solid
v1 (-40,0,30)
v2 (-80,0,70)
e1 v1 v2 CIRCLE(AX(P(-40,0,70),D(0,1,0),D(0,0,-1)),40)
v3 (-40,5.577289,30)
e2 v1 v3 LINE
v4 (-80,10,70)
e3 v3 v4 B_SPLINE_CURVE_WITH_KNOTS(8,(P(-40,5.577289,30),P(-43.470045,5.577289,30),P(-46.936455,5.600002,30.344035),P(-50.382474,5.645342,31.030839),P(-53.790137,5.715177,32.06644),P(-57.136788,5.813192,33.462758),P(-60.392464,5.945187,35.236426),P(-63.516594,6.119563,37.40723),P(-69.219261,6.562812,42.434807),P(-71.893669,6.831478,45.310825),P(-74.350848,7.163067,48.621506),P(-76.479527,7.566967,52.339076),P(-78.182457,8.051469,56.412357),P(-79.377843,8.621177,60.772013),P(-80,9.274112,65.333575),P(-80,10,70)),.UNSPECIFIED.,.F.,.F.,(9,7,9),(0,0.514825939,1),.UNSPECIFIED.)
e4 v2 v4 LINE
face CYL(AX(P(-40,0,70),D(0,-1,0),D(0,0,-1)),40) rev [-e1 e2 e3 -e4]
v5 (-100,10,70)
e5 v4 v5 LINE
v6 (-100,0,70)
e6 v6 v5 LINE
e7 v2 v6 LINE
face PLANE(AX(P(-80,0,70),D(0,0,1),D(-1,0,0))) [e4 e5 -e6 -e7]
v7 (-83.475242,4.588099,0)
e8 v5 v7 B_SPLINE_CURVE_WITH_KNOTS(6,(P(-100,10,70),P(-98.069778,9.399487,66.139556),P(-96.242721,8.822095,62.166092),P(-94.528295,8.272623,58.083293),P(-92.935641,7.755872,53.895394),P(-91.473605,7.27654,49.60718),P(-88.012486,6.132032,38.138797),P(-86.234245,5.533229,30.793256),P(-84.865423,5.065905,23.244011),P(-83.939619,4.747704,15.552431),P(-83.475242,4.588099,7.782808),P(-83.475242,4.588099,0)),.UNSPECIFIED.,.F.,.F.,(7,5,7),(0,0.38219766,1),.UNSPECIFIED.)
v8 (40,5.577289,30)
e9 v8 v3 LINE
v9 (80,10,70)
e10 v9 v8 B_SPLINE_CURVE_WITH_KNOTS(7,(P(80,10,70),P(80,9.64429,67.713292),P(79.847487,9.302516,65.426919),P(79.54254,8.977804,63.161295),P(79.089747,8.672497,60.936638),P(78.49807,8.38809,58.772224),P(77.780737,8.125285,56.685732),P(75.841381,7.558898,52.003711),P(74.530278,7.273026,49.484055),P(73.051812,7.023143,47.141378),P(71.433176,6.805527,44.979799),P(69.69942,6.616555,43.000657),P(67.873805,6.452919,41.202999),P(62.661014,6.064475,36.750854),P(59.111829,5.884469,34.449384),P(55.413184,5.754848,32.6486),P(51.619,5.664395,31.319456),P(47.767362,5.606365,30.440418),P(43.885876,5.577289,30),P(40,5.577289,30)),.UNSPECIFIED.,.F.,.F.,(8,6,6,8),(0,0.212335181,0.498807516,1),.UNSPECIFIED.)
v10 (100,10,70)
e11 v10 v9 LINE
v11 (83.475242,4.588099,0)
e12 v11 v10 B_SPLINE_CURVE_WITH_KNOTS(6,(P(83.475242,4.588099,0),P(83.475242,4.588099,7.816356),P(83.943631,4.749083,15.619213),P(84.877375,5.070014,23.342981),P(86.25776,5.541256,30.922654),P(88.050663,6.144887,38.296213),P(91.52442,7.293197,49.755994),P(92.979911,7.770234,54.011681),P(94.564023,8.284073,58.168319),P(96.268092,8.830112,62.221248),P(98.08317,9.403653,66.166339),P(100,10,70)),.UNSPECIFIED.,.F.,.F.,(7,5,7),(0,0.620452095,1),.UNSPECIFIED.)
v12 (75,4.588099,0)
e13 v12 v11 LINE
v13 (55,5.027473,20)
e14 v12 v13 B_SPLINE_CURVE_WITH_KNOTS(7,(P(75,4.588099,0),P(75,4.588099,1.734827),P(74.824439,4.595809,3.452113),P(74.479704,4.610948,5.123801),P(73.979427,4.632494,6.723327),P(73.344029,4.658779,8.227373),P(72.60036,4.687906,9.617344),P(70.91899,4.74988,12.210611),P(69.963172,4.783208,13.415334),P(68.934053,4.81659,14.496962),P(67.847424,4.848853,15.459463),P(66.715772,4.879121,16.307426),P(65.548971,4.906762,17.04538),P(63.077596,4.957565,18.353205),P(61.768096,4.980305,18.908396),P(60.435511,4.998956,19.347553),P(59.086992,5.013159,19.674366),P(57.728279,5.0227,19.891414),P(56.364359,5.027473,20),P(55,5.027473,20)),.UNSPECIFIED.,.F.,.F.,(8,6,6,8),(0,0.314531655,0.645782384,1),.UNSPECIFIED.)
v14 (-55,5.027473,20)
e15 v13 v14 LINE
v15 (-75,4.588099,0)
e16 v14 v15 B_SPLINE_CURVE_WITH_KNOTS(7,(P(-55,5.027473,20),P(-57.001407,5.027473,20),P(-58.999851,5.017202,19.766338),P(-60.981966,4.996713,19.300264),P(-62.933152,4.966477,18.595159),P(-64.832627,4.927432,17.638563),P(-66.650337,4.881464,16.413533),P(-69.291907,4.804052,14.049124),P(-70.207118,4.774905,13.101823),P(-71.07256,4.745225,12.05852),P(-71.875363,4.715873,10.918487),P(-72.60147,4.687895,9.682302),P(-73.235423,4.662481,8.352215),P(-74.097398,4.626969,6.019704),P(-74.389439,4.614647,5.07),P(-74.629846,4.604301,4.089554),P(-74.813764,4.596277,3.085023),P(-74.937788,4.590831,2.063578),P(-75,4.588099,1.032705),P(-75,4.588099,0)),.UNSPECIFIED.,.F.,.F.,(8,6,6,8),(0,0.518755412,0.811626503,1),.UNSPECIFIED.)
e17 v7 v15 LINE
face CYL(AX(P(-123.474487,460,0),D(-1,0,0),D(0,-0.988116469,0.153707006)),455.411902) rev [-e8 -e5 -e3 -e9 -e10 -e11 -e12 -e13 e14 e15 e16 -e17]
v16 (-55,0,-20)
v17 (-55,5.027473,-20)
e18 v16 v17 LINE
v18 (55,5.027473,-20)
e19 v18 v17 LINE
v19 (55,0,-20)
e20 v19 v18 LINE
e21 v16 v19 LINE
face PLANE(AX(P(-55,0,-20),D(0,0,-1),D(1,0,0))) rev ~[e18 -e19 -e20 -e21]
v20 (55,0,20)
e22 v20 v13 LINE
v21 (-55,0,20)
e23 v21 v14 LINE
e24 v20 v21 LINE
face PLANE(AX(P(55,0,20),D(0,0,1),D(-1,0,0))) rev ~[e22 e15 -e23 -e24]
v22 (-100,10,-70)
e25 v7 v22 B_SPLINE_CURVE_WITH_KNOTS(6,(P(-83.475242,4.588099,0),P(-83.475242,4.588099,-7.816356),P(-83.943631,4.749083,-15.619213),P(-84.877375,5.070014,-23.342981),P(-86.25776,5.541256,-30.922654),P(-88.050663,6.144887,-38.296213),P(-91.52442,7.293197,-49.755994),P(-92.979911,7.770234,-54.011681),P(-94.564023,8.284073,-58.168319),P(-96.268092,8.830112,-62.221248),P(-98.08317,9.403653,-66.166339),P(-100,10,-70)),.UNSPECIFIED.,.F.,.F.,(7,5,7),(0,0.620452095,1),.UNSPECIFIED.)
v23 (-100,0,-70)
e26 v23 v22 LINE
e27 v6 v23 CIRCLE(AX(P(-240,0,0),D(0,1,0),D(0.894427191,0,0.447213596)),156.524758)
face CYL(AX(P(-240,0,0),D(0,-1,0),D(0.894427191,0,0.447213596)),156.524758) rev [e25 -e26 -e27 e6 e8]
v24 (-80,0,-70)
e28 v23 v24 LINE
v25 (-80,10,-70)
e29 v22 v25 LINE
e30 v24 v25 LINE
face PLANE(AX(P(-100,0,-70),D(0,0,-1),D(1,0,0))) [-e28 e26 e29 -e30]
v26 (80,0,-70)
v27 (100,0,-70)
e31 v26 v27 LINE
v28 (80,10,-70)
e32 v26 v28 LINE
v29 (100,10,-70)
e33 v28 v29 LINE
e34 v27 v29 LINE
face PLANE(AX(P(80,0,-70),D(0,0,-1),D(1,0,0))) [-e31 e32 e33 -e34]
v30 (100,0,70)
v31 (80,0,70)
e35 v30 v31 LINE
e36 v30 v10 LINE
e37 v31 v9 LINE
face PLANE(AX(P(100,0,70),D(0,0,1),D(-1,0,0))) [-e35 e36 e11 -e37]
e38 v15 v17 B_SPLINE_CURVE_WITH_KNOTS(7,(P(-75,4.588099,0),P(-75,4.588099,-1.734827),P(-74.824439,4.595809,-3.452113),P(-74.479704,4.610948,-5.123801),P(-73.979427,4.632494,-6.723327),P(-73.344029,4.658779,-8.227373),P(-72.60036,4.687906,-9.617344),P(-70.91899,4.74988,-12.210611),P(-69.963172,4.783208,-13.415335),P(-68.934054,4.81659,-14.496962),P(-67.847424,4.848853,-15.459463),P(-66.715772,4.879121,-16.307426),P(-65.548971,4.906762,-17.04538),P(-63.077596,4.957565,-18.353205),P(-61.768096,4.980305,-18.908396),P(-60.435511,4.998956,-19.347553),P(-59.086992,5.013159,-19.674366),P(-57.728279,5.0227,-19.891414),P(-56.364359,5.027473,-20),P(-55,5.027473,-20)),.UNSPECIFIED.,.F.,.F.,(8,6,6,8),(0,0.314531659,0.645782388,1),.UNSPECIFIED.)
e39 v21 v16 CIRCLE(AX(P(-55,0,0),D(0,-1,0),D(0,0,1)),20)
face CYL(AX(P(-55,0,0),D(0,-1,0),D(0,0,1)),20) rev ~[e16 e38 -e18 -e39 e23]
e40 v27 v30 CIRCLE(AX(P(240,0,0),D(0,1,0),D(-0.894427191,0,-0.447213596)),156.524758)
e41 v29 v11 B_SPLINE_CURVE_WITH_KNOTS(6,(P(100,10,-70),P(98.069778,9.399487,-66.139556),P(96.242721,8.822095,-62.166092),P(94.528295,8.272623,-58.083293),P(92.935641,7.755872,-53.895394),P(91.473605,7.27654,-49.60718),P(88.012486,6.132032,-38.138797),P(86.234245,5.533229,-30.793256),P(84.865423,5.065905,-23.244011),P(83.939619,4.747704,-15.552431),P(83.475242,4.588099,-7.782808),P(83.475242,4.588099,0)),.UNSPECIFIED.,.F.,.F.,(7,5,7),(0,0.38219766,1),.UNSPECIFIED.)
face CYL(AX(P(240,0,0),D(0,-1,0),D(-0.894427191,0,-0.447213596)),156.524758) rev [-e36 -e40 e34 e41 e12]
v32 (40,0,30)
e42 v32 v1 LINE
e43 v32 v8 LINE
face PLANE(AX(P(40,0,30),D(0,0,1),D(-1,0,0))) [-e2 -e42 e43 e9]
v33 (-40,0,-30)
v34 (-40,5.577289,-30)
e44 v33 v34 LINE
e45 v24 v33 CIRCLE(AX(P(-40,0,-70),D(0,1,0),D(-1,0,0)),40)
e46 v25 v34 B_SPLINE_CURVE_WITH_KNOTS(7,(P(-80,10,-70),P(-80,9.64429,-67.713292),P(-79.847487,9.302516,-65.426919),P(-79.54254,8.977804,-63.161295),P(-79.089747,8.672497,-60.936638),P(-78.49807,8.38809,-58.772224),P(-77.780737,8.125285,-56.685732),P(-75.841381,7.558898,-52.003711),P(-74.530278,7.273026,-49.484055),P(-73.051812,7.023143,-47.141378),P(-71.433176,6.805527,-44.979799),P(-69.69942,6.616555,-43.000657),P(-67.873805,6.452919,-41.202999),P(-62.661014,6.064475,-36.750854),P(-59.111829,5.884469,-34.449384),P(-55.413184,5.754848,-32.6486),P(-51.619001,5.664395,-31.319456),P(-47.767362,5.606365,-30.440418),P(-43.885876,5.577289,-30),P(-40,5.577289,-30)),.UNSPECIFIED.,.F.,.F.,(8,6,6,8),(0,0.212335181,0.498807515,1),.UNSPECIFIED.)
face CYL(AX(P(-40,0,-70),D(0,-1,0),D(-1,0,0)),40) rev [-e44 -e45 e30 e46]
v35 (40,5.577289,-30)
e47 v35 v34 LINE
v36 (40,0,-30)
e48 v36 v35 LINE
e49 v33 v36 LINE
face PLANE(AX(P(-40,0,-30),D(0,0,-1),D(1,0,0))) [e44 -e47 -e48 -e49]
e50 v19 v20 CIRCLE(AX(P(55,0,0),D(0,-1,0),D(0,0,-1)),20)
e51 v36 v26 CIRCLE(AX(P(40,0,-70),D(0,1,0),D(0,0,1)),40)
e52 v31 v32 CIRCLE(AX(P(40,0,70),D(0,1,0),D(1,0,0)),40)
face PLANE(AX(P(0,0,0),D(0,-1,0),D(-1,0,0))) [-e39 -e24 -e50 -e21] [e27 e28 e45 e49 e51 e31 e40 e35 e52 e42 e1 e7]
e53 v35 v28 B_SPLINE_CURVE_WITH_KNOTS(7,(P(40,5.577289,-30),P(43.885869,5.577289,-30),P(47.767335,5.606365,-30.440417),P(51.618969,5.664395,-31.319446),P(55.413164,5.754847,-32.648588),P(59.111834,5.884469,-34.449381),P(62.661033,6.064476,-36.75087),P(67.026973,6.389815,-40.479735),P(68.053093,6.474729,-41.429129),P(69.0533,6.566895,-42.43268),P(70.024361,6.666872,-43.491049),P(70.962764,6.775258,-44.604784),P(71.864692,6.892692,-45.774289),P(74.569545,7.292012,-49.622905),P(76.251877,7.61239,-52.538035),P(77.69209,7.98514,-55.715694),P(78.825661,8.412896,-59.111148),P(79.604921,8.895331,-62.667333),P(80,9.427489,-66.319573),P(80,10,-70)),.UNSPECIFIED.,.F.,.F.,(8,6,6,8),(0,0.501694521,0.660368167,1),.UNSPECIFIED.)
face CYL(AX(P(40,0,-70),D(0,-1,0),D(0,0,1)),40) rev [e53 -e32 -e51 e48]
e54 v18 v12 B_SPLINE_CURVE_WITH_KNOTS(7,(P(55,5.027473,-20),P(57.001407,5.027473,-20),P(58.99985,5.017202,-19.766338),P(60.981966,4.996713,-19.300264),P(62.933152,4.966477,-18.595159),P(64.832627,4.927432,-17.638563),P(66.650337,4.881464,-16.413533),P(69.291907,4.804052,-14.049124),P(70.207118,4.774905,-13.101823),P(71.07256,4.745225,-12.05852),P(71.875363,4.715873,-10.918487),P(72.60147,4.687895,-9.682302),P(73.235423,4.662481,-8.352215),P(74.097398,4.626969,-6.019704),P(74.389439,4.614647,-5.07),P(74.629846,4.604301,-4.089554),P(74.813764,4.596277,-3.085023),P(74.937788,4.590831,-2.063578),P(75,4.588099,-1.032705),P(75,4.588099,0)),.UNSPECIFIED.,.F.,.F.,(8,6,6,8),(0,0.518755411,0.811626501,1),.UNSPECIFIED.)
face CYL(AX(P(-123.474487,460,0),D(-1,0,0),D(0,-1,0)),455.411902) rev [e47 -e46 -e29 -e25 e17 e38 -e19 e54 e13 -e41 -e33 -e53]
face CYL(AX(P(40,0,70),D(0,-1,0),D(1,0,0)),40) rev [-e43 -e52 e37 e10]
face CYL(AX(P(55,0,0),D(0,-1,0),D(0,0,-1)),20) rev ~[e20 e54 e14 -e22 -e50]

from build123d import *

# Parameters (mm, degrees)
BOSS_EXTRU_1_DEPTH           = 10
ENL_V_MAT_EXTRU_1_DEPTH      = 123.474487139
ENL_V_MAT_EXTRU_1_DEPTH_BACK = 123.474487139


with BuildPart() as part:
    # Esquisse1 → Boss.-Extru.1 (new body)
    with BuildSketch(Plane(origin=(0, 0, 0), x_dir=(1, 0, 0), z_dir=(0, 1, 0))):
        with BuildLine():
            Line((-100, 70), (-80, 70))
            ThreePointArc((-80, 70), (-68.284271247, 41.715728753), (-40, 30))
            Line((-40, 30), (40, 30))
            ThreePointArc((40, 30), (68.284271247, 41.715728753), (80, 70))
            Line((80, 70), (100, 70))
            ThreePointArc((100, 70), (83.475241575, 0), (100, -70))
            Line((100, -70), (80, -70))
            ThreePointArc((80, -70), (68.284271247, -41.715728753), (40, -30))
            Line((40, -30), (-40, -30))
            ThreePointArc((-40, -30), (-68.284271247, -41.715728753), (-80, -70))
            Line((-80, -70), (-100, -70))
            ThreePointArc((-100, -70), (-83.475241575, 0), (-100, 70))
        make_face()
        with BuildLine():
            Line((55, -20), (-55, -20))
            ThreePointArc((-55, -20), (-75, 0), (-55, 20))
            Line((-55, 20), (55, 20))
            ThreePointArc((55, 20), (75, 0), (55, -20))
        make_face(mode=Mode.SUBTRACT)
    extrude(amount=BOSS_EXTRU_1_DEPTH)

    # Esquisse2 → Enlèv. mat.-Extru.1 (cut, two sides: drawn at the far end of the back side and taken through both)
    with BuildSketch(Plane(origin=(0, 0, 0), x_dir=(0, 0, -1), z_dir=(1, 0, 0)).offset(-ENL_V_MAT_EXTRU_1_DEPTH_BACK)):
        with BuildLine():
            Line((70, 10), (0, 10))
            Line((0, 10), (0, 4.588098531))
            ThreePointArc((0, 4.588098531), (35.104446576, 5.943089657), (70, 10))
        make_face()
        with BuildLine():
            Line((0, 4.588098531), (0, 10))
            Line((0, 10), (-70, 10))
            ThreePointArc((-70, 10), (-35.104446576, 5.943089657), (0, 4.588098531))
        make_face()
        with BuildLine():
            Line((70, 10), (0, 10))
            Line((0, 10), (0, 4.588098531))
            ThreePointArc((0, 4.588098531), (35.104446576, 5.943089657), (70, 10))
        make_face()
        with BuildLine():
            Line((0, 4.588098531), (0, 10))
            Line((0, 10), (-70, 10))
            ThreePointArc((-70, 10), (-35.104446576, 5.943089657), (0, 4.588098531))
        make_face()
    extrude(amount=ENL_V_MAT_EXTRU_1_DEPTH + ENL_V_MAT_EXTRU_1_DEPTH_BACK, mode=Mode.SUBTRACT)


solid = part.part
